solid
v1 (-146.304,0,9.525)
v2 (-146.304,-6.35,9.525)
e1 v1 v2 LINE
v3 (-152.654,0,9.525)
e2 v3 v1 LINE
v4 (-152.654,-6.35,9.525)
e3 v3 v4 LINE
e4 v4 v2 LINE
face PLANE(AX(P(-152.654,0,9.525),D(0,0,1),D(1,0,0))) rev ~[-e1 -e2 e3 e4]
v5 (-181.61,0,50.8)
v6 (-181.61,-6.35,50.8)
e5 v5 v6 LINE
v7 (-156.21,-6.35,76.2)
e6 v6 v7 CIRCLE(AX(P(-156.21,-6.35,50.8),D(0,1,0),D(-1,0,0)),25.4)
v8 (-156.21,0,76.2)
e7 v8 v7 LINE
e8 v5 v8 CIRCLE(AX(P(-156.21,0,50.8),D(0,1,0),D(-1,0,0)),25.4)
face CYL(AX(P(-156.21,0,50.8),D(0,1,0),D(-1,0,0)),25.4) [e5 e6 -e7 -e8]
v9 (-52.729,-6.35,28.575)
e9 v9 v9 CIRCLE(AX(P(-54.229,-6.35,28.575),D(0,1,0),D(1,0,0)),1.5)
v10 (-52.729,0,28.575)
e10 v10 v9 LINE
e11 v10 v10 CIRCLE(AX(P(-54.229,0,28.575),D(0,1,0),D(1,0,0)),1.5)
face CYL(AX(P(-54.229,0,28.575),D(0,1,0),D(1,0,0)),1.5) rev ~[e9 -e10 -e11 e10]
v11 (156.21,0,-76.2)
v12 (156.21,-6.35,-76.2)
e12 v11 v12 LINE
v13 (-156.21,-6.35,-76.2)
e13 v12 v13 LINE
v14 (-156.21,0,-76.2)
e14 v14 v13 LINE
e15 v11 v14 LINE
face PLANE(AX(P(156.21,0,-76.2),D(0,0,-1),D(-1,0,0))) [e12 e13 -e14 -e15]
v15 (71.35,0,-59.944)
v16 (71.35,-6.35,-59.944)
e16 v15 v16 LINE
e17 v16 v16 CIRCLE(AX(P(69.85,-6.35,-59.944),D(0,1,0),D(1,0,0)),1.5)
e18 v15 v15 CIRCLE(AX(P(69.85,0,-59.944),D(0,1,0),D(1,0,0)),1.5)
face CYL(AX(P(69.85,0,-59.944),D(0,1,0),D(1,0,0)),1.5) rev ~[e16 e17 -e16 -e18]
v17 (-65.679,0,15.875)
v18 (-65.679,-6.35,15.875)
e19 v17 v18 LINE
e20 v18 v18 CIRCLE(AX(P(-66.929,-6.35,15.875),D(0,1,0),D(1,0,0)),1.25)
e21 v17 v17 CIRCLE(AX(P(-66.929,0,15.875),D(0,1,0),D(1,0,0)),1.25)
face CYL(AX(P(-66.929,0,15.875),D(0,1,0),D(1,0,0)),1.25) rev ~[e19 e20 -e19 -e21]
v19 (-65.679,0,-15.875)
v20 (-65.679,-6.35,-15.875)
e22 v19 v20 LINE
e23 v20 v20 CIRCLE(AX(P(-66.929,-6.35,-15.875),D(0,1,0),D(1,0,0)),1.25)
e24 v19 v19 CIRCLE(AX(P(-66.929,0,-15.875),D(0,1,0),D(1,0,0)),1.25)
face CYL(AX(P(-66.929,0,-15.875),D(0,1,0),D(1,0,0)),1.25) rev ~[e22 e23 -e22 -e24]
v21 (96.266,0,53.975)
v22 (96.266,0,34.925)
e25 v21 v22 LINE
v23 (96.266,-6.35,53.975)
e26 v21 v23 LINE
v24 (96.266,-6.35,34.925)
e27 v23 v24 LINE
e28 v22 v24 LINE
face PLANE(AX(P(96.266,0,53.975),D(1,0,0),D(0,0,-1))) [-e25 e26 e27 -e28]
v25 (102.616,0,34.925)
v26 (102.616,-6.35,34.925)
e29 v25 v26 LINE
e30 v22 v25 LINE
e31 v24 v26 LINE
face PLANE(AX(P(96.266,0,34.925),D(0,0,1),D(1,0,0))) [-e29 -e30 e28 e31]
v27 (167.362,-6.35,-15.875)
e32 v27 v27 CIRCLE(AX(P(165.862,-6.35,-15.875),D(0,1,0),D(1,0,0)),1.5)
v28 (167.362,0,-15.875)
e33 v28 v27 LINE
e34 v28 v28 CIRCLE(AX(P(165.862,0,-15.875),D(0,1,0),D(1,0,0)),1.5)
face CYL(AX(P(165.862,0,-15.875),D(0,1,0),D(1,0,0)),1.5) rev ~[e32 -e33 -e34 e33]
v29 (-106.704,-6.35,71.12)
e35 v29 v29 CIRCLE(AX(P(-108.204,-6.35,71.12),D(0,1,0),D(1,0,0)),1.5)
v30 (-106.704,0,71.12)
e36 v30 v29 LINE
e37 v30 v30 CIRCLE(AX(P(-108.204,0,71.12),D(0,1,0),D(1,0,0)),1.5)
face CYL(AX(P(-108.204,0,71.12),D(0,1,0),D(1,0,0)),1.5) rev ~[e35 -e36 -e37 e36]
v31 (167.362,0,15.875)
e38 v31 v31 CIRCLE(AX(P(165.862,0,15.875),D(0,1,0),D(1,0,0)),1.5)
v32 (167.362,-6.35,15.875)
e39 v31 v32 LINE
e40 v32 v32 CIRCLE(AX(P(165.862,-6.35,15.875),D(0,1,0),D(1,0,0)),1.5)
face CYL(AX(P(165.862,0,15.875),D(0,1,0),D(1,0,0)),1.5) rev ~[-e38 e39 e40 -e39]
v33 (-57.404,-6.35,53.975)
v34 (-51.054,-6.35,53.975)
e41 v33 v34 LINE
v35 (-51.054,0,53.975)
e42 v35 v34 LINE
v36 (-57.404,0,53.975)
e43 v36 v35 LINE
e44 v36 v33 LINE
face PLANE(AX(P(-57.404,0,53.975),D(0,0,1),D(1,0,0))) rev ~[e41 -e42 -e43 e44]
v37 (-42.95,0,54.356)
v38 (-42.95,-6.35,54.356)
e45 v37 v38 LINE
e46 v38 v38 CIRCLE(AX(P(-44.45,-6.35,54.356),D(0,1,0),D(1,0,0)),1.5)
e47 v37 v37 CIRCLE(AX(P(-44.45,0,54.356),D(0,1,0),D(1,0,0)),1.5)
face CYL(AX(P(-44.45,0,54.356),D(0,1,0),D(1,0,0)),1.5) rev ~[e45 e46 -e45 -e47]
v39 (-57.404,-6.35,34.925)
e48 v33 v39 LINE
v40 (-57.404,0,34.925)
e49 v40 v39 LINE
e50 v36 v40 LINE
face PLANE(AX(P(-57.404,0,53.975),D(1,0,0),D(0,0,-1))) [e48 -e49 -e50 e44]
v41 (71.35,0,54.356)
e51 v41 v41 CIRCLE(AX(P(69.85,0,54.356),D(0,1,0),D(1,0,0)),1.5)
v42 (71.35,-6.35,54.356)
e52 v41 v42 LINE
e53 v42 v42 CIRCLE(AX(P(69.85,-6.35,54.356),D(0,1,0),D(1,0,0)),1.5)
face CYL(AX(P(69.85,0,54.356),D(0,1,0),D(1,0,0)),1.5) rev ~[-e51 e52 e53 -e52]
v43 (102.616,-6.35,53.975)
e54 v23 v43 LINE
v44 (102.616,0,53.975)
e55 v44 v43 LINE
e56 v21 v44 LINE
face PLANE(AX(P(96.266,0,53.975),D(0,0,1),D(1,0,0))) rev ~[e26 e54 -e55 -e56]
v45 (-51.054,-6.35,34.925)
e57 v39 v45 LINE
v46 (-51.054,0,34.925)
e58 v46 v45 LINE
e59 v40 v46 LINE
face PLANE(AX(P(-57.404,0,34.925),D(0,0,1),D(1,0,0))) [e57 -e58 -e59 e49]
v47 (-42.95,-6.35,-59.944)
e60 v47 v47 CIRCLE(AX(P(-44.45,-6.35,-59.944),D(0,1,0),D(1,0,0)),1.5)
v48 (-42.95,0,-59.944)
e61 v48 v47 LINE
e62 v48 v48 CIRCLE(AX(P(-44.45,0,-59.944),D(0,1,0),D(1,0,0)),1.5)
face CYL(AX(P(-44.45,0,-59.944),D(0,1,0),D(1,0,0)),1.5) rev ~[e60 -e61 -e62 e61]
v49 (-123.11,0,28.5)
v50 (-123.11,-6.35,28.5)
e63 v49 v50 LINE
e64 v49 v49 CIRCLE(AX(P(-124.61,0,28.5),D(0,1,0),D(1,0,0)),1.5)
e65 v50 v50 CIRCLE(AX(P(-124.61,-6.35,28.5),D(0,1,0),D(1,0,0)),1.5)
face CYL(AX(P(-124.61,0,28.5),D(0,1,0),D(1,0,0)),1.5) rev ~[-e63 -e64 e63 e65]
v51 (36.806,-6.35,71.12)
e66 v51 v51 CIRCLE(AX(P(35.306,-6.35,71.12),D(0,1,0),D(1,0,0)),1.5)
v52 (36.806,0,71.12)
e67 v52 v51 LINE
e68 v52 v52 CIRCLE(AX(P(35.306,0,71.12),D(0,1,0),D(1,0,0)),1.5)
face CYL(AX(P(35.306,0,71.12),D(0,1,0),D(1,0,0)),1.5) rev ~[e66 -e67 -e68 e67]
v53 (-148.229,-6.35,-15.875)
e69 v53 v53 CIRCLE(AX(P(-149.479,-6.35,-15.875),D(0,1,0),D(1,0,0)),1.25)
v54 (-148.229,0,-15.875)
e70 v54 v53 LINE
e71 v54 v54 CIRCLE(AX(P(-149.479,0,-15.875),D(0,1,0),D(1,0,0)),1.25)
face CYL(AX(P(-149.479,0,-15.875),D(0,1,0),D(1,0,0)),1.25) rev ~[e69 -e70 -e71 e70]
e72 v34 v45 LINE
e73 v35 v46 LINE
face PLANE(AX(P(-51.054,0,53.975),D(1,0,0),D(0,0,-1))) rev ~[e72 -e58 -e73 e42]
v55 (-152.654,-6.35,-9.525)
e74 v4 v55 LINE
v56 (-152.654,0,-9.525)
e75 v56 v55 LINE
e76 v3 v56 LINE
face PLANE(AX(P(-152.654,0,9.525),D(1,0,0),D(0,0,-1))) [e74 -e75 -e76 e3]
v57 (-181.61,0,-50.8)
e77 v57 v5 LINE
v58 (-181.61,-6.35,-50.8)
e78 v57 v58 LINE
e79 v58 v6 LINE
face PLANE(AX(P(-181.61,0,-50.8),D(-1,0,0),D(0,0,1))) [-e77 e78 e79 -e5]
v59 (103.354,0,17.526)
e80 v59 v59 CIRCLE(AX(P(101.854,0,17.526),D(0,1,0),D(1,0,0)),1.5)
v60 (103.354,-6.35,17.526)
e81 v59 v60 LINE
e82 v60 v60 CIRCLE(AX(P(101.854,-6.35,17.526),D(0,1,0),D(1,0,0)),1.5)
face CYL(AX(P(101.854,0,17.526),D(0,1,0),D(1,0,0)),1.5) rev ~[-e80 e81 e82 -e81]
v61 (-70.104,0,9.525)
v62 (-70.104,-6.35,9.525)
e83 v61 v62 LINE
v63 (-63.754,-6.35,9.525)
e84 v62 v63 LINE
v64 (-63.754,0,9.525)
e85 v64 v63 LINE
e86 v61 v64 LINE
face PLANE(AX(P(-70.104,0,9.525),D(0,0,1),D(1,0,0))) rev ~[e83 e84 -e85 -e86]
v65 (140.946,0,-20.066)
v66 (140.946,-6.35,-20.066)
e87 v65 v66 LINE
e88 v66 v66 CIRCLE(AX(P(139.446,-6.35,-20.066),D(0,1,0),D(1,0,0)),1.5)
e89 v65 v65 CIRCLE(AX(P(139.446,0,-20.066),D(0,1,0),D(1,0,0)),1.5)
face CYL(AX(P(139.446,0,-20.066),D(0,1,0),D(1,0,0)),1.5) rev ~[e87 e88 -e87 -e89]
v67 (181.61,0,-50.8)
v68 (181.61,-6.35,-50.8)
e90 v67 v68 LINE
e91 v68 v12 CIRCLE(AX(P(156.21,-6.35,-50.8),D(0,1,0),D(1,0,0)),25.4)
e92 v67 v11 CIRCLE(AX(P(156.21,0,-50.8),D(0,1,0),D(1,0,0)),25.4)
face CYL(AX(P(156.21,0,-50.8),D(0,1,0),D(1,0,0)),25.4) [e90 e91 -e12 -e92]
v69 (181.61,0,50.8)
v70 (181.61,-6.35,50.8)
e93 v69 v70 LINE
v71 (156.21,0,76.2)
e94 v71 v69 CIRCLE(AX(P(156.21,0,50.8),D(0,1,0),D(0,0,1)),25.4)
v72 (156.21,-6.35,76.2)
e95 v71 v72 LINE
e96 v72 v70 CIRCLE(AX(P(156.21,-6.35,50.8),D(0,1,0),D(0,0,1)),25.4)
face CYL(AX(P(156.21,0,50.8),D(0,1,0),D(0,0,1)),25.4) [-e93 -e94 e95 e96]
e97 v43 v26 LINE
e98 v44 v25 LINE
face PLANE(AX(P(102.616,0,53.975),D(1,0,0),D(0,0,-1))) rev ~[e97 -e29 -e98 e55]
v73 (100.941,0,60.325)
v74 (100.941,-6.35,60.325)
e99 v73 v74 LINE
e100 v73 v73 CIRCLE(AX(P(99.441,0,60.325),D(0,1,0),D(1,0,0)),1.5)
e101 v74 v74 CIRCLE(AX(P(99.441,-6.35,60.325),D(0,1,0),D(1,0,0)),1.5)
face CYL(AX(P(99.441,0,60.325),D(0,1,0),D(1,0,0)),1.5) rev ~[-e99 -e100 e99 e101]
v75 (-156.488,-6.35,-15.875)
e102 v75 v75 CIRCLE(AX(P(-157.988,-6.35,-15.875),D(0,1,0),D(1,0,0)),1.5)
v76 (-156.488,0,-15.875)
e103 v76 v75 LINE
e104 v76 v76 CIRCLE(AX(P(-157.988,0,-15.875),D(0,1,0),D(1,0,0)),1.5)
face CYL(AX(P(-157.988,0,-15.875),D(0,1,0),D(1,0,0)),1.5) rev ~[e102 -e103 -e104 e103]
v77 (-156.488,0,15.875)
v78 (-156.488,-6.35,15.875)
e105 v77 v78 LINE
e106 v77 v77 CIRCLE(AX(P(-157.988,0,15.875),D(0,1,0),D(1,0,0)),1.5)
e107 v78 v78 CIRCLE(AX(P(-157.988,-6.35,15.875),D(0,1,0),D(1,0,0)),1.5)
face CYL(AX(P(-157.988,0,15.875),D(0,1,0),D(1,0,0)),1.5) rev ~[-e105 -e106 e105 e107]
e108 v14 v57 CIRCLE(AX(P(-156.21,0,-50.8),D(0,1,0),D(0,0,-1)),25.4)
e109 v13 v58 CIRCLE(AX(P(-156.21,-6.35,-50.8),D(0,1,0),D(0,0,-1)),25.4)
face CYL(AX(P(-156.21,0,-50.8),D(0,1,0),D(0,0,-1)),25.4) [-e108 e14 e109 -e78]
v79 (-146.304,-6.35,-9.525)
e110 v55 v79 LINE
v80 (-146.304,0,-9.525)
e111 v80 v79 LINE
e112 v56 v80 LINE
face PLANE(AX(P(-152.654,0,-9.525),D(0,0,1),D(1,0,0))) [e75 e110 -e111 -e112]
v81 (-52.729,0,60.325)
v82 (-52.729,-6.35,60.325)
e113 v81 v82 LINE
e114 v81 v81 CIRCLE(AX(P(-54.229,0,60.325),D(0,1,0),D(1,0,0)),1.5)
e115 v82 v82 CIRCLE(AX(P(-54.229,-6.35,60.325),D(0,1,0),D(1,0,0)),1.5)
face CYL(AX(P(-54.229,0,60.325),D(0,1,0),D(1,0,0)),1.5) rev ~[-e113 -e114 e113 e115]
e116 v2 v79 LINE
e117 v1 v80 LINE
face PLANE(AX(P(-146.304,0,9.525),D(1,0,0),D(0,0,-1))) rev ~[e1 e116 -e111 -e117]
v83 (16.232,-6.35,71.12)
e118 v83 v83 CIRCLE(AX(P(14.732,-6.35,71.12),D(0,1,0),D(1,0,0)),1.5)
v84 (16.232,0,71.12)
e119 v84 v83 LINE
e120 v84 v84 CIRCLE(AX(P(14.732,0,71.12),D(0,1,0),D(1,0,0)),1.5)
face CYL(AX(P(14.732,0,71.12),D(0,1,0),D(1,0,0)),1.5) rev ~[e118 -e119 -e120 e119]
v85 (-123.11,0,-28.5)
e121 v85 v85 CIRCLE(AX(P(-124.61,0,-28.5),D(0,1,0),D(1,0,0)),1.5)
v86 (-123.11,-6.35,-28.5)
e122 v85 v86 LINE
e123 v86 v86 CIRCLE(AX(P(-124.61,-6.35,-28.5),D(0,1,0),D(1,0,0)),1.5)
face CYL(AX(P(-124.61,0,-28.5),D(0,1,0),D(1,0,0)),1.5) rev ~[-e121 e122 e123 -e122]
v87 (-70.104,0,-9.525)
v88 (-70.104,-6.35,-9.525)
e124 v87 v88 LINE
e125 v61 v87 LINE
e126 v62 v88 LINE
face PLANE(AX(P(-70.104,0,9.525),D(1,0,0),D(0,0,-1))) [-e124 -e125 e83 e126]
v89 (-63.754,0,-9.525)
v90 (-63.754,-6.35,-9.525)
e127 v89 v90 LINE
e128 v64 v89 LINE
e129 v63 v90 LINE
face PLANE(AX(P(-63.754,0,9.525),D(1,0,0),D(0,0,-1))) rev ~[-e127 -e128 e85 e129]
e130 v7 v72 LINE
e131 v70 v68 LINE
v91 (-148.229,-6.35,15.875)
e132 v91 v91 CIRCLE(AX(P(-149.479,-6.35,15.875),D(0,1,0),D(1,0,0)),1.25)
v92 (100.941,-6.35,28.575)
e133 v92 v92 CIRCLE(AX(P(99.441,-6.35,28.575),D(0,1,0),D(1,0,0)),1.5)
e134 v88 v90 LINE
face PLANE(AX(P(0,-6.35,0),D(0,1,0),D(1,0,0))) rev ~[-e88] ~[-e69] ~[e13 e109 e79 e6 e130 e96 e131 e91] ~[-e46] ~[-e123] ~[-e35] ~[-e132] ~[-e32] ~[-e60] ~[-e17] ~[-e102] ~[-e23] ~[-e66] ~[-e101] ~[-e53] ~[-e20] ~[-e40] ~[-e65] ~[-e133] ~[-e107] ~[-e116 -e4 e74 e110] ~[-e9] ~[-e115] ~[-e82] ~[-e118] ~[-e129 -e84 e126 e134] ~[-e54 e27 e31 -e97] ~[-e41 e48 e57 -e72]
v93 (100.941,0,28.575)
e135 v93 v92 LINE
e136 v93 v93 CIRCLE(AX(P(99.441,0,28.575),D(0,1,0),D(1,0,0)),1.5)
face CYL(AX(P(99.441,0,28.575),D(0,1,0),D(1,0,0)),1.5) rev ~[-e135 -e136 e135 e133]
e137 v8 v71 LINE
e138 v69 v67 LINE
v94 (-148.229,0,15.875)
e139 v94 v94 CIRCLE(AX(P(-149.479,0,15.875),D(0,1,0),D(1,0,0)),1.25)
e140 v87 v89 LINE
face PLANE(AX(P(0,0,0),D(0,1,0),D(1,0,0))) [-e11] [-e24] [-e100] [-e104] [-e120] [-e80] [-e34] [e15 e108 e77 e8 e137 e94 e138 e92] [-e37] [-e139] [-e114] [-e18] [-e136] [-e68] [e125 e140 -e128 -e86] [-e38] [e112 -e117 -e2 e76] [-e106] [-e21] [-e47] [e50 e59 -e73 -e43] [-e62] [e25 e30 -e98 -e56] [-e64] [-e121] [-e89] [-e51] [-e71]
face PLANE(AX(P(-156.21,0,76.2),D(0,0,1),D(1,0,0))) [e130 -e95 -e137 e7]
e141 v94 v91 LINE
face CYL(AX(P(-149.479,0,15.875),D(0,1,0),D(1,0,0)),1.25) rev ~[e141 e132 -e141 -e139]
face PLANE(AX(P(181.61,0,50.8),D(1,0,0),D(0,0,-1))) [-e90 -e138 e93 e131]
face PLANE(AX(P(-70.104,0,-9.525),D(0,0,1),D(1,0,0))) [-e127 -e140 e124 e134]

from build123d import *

# Parameters (mm, degrees)
BOSS_EXTRUDE2_DEPTH = 6.35
SKETCH4_R           = 1.5
CUT_EXTRUDE1_DEPTH  = 6.35
SKETCH5_R           = 1.25
SKETCH5_W           = 6.35
SKETCH5_H           = 19.05
CUT_EXTRUDE2_DEPTH  = 6.35
SKETCH6_R           = 1.5
CUT_EXTRUDE3_DEPTH  = 6.35
SKETCH7_R           = 1.5
SKETCH7_W           = 6.35
SKETCH7_H           = 19.05
CUT_EXTRUDE4_DEPTH  = 6.35
SKETCH9_R           = 1.5
CUT_EXTRUDE6_DEPTH  = 6.35
SKETCH10_R          = 1.5
CUT_EXTRUDE7_DEPTH  = 7.35


with BuildPart() as part:
    # Sketch3 → Boss-Extrude2 (new body)
    with BuildSketch(Plane(origin=(0, 0, 0), x_dir=(1, 0, 0), z_dir=(0, 1, 0))):
        with BuildLine():
            Line((-156.21, -76.2), (156.21, -76.2))
            ThreePointArc((156.21, -76.2), (174.170512242, -68.760512242), (181.61, -50.8))
            Line((181.61, -50.8), (181.61, 50.8))
            ThreePointArc((181.61, 50.8), (174.170512242, 68.760512242), (156.21, 76.2))
            Line((156.21, 76.2), (-156.21, 76.2))
            ThreePointArc((-156.21, 76.2), (-174.170512242, 68.760512242), (-181.61, 50.8))
            Line((-181.61, 50.8), (-181.61, -50.8))
            ThreePointArc((-181.61, -50.8), (-174.170512242, -68.760512242), (-156.21, -76.2))
        make_face()
    extrude(amount=-BOSS_EXTRUDE2_DEPTH)

    # Sketch4 → Cut-Extrude1 (cut)
    with BuildSketch(Plane(origin=(0, 0, 0), x_dir=(1, 0, 0), z_dir=(0, 1, 0))):
        with Locations((-44.45, 59.944)):
            Circle(SKETCH4_R)
        with Locations((69.85, 59.944)):
            Circle(SKETCH4_R)
        with Locations((69.85, -54.356)):
            Circle(SKETCH4_R)
        with Locations((-44.45, -54.356)):
            Circle(SKETCH4_R)
        with Locations((139.446, 20.066)):
            Circle(SKETCH4_R)
        with Locations((101.854, -17.526)):
            Circle(SKETCH4_R)
    extrude(amount=-CUT_EXTRUDE1_DEPTH, mode=Mode.SUBTRACT)

    # Sketch5 → Cut-Extrude2 (cut)
    with BuildSketch(Plane(origin=(0, 0, 0), x_dir=(1, 0, 0), z_dir=(0, 1, 0))):
        with Locations((-149.479, 15.875)):
            Circle(SKETCH5_R)
        with Locations((-149.479, -15.875)):
            Circle(SKETCH5_R)
        with Locations((-66.929, -15.875)):
            Circle(SKETCH5_R)
        with Locations((-66.929, 15.875)):
            Circle(SKETCH5_R)
        with Locations((-149.479, 0)):
            Rectangle(SKETCH5_W, SKETCH5_H)
        with Locations((-66.929, 0)):
            Rectangle(SKETCH5_W, SKETCH5_H)
    extrude(amount=-CUT_EXTRUDE2_DEPTH, mode=Mode.SUBTRACT)

    # Sketch6 → Cut-Extrude3 (cut)
    with BuildSketch(Plane(origin=(0, 0, 0), x_dir=(1, 0, 0), z_dir=(0, 1, 0))):
        with Locations((-157.988, 15.875)):
            Circle(SKETCH6_R)
        with Locations((-157.988, -15.875)):
            Circle(SKETCH6_R)
        with Locations((165.862, -15.875)):
            Circle(SKETCH6_R)
        with Locations((165.862, 15.875)):
            Circle(SKETCH6_R)
    extrude(amount=-CUT_EXTRUDE3_DEPTH, mode=Mode.SUBTRACT)

    # Sketch7 → Cut-Extrude4 (cut)
    with BuildSketch(Plane(origin=(0, 0, 0), x_dir=(1, 0, 0), z_dir=(0, 1, 0))):
        with Locations((-54.229, -28.575)):
            Circle(SKETCH7_R)
        with Locations((-54.229, -60.325)):
            Circle(SKETCH7_R)
        with Locations((99.441, -60.325)):
            Circle(SKETCH7_R)
        with Locations((99.441, -28.575)):
            Circle(SKETCH7_R)
        with Locations((99.441, -44.45)):
            Rectangle(SKETCH7_W, SKETCH7_H)
        with Locations((-54.229, -44.45)):
            Rectangle(SKETCH7_W, SKETCH7_H)
    extrude(amount=-CUT_EXTRUDE4_DEPTH, mode=Mode.SUBTRACT)

    # Sketch9 → Cut-Extrude6 (cut)
    with BuildSketch(Plane(origin=(0, 0, 0), x_dir=(1, 0, 0), z_dir=(0, 1, 0))):
        with Locations((-108.204, -71.12)):
            Circle(SKETCH9_R)
        with Locations((14.732, -71.12)):
            Circle(SKETCH9_R)
        with Locations((35.306, -71.12)):
            Circle(SKETCH9_R)
    extrude(amount=-CUT_EXTRUDE6_DEPTH, mode=Mode.SUBTRACT)

    # Sketch10 → Cut-Extrude7 (cut, through all)
    with BuildSketch(Plane(origin=(0, 0, 0), x_dir=(1, 0, 0), z_dir=(0, 1, 0))):
        with Locations((-124.61, 28.5)):
            Circle(SKETCH10_R)
        with Locations((-124.61, -28.5)):
            Circle(SKETCH10_R)
    extrude(amount=-CUT_EXTRUDE7_DEPTH, mode=Mode.SUBTRACT)


solid = part.part
